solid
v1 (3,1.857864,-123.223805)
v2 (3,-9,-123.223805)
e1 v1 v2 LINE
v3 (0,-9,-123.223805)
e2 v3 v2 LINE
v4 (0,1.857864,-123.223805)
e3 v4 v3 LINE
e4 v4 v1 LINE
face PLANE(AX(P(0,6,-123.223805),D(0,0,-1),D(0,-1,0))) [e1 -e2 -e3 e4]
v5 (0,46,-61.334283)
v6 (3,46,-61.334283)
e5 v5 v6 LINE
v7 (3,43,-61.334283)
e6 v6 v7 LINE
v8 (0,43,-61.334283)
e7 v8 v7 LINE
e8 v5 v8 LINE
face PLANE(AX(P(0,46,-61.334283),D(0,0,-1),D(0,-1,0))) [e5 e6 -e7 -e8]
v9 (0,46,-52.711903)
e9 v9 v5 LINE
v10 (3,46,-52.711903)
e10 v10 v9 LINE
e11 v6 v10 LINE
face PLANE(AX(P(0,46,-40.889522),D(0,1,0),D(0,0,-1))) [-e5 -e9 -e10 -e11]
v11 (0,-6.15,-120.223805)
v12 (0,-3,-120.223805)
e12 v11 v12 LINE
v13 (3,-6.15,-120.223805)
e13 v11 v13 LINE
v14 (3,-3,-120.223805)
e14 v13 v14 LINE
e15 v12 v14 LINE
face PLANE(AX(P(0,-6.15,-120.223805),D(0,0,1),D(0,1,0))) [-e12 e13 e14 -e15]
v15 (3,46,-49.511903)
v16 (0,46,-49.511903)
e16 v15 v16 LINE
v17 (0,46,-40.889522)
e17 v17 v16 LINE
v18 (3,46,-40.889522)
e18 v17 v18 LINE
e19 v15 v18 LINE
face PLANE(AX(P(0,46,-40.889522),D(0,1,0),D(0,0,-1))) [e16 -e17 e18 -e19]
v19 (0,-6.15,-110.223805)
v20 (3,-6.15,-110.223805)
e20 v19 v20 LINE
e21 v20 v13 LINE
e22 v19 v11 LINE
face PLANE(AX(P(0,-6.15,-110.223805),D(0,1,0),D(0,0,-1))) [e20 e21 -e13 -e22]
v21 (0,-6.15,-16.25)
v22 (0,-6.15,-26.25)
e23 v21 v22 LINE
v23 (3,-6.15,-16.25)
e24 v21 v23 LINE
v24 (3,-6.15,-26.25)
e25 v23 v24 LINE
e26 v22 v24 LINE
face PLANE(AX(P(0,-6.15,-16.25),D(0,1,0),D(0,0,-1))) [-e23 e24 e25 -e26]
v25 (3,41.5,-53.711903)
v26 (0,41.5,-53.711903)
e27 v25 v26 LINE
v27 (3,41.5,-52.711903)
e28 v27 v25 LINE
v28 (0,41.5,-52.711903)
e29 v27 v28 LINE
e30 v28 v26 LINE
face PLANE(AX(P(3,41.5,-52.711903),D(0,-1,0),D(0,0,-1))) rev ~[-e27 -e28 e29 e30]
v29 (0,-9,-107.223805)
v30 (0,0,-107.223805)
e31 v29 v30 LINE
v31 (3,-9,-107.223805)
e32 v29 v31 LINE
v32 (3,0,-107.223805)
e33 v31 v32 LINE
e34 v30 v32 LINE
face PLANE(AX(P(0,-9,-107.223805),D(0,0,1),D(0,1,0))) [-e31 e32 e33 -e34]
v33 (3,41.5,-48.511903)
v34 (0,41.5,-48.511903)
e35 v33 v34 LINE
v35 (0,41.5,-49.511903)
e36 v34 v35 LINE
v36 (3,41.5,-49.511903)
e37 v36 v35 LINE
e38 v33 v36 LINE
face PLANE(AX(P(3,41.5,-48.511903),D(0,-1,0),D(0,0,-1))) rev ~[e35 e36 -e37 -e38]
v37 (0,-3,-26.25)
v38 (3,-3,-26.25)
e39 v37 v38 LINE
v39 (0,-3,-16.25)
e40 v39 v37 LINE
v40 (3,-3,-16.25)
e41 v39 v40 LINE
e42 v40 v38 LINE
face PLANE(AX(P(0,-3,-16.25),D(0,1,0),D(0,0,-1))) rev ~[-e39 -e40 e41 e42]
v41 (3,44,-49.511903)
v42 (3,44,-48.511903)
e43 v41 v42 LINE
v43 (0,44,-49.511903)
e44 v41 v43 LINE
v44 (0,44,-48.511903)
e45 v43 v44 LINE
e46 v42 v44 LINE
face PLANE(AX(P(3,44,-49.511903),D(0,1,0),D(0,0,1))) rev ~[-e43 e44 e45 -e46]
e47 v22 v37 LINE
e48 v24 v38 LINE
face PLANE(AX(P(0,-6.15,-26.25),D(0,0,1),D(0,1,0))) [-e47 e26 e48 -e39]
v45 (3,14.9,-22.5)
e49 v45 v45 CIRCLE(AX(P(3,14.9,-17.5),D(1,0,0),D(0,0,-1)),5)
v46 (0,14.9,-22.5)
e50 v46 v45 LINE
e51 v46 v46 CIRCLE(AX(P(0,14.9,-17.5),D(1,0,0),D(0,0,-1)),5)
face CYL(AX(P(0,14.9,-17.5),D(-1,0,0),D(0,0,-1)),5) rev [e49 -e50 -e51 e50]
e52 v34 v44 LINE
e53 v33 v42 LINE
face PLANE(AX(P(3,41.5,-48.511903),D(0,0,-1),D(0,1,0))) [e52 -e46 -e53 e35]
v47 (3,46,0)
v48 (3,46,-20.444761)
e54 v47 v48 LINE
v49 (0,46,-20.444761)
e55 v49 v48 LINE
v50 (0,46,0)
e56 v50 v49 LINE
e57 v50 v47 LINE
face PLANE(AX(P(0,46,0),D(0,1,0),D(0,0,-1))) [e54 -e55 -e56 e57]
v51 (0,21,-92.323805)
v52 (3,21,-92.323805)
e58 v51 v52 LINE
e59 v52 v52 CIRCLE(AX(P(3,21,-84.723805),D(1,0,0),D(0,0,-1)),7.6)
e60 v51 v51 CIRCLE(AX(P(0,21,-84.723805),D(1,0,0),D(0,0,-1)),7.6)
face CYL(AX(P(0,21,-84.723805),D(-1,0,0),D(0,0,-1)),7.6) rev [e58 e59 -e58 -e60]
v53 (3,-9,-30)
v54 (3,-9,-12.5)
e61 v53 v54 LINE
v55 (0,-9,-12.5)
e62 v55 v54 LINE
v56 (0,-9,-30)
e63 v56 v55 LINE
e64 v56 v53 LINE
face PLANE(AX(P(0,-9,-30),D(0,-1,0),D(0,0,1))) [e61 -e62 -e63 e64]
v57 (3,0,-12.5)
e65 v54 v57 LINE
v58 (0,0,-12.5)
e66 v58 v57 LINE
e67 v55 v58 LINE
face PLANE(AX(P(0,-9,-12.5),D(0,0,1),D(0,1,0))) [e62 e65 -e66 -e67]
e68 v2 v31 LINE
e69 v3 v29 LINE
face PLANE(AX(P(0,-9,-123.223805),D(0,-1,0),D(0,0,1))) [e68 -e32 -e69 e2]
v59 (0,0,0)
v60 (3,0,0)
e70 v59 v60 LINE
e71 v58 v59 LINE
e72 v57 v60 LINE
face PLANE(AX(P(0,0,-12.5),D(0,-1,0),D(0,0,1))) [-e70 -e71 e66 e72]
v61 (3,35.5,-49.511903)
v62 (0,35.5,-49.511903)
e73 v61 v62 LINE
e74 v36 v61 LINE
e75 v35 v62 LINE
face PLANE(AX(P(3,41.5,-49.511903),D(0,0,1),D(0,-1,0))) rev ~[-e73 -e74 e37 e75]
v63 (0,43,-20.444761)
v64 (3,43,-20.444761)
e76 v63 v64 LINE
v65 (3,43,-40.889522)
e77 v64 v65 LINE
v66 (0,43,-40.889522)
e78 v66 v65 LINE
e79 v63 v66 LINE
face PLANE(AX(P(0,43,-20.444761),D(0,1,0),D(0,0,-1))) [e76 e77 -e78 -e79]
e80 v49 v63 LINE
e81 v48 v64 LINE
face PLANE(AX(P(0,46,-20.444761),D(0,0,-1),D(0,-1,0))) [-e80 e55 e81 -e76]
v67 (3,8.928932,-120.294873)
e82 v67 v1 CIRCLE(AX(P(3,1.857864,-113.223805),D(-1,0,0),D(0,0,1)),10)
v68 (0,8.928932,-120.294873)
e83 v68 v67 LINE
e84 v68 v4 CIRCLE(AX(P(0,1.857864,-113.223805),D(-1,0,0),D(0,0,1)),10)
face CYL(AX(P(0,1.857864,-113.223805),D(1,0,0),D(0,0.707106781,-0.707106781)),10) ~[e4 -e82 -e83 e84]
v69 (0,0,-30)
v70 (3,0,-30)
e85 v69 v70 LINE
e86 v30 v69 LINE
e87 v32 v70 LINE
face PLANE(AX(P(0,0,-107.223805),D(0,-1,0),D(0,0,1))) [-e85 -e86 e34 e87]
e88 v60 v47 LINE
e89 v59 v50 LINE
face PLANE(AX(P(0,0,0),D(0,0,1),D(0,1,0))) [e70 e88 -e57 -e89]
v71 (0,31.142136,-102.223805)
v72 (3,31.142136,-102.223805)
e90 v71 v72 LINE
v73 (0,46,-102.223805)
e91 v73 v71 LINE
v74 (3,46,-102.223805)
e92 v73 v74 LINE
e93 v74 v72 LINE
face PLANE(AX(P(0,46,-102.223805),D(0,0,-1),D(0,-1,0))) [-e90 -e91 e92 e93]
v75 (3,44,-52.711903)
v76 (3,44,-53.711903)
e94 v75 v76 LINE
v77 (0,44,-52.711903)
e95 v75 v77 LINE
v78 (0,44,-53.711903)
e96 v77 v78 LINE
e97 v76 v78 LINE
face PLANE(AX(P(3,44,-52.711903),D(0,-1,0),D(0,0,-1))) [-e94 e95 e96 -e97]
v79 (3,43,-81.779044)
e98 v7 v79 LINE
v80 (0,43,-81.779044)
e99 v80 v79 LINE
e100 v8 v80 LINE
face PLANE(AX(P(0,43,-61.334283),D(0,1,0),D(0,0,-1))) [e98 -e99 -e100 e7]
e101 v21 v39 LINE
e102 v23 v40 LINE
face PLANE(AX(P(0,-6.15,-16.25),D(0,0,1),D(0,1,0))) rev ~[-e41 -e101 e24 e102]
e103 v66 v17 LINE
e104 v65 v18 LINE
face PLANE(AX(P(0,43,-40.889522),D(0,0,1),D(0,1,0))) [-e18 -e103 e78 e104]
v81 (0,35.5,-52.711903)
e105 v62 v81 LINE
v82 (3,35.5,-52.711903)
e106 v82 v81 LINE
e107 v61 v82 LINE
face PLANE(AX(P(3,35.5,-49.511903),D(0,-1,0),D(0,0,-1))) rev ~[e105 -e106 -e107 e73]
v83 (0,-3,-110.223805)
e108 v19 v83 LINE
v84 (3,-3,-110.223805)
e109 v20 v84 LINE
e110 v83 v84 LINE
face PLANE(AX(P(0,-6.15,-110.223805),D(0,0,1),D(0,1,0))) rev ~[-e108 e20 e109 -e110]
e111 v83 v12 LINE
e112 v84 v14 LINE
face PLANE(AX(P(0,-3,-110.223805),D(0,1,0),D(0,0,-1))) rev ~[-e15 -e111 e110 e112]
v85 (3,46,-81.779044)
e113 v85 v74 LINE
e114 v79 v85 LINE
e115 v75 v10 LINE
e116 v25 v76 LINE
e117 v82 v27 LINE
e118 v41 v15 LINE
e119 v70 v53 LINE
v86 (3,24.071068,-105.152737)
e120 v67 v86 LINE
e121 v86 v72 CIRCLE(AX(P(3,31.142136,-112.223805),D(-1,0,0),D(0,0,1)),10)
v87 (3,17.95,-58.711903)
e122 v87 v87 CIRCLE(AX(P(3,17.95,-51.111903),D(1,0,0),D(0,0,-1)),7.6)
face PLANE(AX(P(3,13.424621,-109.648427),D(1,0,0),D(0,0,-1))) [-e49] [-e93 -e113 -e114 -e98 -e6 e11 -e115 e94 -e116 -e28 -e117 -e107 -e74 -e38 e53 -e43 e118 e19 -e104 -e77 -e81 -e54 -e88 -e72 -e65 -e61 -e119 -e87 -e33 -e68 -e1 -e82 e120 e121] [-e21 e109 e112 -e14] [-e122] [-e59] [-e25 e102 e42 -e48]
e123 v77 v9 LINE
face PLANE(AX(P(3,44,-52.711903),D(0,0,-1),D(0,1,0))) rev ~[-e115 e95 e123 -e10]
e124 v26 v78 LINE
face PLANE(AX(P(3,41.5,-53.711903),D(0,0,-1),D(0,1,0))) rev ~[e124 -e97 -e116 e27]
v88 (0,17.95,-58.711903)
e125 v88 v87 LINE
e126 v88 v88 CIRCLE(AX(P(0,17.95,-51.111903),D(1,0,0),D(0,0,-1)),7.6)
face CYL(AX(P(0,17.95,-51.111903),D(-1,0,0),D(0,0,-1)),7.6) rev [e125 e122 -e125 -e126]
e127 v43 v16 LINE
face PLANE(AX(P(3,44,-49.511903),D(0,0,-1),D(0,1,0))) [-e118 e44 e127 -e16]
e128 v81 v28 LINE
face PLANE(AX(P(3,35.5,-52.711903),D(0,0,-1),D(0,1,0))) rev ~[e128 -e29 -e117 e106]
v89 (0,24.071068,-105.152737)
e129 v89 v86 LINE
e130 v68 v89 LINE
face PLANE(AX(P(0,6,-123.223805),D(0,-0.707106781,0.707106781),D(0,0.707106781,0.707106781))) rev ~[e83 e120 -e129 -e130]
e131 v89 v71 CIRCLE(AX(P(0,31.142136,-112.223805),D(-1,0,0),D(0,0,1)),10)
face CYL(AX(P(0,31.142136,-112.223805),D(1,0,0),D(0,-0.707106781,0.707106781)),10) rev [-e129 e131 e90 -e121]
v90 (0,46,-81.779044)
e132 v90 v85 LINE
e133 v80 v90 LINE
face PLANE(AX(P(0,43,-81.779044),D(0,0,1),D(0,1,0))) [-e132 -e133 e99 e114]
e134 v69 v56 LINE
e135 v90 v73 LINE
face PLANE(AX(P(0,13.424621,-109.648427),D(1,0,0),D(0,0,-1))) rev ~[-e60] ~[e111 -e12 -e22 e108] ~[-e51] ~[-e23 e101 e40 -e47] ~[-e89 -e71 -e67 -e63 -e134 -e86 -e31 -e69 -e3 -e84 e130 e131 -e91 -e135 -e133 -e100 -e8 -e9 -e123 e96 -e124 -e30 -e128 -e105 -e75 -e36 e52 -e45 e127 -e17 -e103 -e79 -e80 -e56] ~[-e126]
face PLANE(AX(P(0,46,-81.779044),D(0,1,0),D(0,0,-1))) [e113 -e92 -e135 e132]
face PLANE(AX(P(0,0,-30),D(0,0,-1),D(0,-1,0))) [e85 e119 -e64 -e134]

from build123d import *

# Parameters (mm, degrees)
SKETCH1_R               = 7.6
SKETCH1_R_2             = 5
SKETCH1_W               = 10
SKETCH1_H               = 3.15
BOSS_EXTRUDE1_DEPTH     = 3
FILLET1_R               = 10
SKETCH2_W               = 3.2
SKETCH2_H               = 6
SKETCH2_H_2             = 2.5
SKETCH2_W_2             = 1
SKETCH2_H_3             = 2
CUT_EXTRUDE1_DEPTH      = 1
CUT_EXTRUDE1_DEPTH_BACK = 4


with BuildPart() as part:
    # Sketch1 → Boss-Extrude1 (new body)
    with BuildSketch(Plane(origin=(0, 0, 0), x_dir=(0, 0, -1), z_dir=(1, 0, 0))):
        Polygon((102.223805307, 6), (123.223805307, 6), (102.223805307, 27), align=None)
        Polygon((102.223805307, 6), (123.223805307, 6), (123.223805307, -9), (107.223805307, -9), (107.223805307, 0), (30, 0), (30, -9), (12.5, -9), (12.5, 0), (0, 0), (0, 46), (20.444761061, 46), (20.444761061, 43), (40.889522123, 43), (40.889522123, 46), (61.334283184, 46), (61.334283184, 43), (81.779044246, 43), (81.779044246, 46), (102.223805307, 46), align=None)
        with Locations((84.723805307, 21)):
            Circle(SKETCH1_R, mode=Mode.SUBTRACT)
        with Locations((51.111902654, 17.95)):
            Circle(SKETCH1_R, mode=Mode.SUBTRACT)
        with Locations((17.5, 14.9)):
            Circle(SKETCH1_R_2, mode=Mode.SUBTRACT)
        with Locations((115.223805307, -4.575)):
            Rectangle(SKETCH1_W, SKETCH1_H, mode=Mode.SUBTRACT)
        with Locations((21.25, -4.575)):
            Rectangle(SKETCH1_W, SKETCH1_H, mode=Mode.SUBTRACT)
    extrude(amount=BOSS_EXTRUDE1_DEPTH)

    # Fillet1
    fillet1_edges = [part.edges().sort_by_distance(p)[0] for p in [
        (1.5, 6, -123.223805307),
        (1.5, 27, -102.223805307),
    ]]
    fillet(fillet1_edges, radius=FILLET1_R)

    # Sketch2 → Cut-Extrude1 (cut, two sides)
    with BuildSketch(Plane(origin=(3, 0, 0), x_dir=(0, 0, -1), z_dir=(1, 0, 0))) as cut_extrude1_sk:
        with Locations((51.111902654, 38.5)):
            Rectangle(SKETCH2_W, SKETCH2_H)
        with Locations((51.111902654, 42.75)):
            Rectangle(SKETCH2_W, SKETCH2_H_2)
        with Locations((49.011902654, 42.75)):
            Rectangle(SKETCH2_W_2, SKETCH2_H_2)
        with Locations((51.111902654, 45)):
            Rectangle(SKETCH2_W, SKETCH2_H_3)
        with Locations((53.211902654, 42.75)):
            Rectangle(SKETCH2_W_2, SKETCH2_H_2)
    extrude(amount=CUT_EXTRUDE1_DEPTH, mode=Mode.SUBTRACT)
    extrude(cut_extrude1_sk.sketch, amount=-CUT_EXTRUDE1_DEPTH_BACK, mode=Mode.SUBTRACT)


solid = part.part
